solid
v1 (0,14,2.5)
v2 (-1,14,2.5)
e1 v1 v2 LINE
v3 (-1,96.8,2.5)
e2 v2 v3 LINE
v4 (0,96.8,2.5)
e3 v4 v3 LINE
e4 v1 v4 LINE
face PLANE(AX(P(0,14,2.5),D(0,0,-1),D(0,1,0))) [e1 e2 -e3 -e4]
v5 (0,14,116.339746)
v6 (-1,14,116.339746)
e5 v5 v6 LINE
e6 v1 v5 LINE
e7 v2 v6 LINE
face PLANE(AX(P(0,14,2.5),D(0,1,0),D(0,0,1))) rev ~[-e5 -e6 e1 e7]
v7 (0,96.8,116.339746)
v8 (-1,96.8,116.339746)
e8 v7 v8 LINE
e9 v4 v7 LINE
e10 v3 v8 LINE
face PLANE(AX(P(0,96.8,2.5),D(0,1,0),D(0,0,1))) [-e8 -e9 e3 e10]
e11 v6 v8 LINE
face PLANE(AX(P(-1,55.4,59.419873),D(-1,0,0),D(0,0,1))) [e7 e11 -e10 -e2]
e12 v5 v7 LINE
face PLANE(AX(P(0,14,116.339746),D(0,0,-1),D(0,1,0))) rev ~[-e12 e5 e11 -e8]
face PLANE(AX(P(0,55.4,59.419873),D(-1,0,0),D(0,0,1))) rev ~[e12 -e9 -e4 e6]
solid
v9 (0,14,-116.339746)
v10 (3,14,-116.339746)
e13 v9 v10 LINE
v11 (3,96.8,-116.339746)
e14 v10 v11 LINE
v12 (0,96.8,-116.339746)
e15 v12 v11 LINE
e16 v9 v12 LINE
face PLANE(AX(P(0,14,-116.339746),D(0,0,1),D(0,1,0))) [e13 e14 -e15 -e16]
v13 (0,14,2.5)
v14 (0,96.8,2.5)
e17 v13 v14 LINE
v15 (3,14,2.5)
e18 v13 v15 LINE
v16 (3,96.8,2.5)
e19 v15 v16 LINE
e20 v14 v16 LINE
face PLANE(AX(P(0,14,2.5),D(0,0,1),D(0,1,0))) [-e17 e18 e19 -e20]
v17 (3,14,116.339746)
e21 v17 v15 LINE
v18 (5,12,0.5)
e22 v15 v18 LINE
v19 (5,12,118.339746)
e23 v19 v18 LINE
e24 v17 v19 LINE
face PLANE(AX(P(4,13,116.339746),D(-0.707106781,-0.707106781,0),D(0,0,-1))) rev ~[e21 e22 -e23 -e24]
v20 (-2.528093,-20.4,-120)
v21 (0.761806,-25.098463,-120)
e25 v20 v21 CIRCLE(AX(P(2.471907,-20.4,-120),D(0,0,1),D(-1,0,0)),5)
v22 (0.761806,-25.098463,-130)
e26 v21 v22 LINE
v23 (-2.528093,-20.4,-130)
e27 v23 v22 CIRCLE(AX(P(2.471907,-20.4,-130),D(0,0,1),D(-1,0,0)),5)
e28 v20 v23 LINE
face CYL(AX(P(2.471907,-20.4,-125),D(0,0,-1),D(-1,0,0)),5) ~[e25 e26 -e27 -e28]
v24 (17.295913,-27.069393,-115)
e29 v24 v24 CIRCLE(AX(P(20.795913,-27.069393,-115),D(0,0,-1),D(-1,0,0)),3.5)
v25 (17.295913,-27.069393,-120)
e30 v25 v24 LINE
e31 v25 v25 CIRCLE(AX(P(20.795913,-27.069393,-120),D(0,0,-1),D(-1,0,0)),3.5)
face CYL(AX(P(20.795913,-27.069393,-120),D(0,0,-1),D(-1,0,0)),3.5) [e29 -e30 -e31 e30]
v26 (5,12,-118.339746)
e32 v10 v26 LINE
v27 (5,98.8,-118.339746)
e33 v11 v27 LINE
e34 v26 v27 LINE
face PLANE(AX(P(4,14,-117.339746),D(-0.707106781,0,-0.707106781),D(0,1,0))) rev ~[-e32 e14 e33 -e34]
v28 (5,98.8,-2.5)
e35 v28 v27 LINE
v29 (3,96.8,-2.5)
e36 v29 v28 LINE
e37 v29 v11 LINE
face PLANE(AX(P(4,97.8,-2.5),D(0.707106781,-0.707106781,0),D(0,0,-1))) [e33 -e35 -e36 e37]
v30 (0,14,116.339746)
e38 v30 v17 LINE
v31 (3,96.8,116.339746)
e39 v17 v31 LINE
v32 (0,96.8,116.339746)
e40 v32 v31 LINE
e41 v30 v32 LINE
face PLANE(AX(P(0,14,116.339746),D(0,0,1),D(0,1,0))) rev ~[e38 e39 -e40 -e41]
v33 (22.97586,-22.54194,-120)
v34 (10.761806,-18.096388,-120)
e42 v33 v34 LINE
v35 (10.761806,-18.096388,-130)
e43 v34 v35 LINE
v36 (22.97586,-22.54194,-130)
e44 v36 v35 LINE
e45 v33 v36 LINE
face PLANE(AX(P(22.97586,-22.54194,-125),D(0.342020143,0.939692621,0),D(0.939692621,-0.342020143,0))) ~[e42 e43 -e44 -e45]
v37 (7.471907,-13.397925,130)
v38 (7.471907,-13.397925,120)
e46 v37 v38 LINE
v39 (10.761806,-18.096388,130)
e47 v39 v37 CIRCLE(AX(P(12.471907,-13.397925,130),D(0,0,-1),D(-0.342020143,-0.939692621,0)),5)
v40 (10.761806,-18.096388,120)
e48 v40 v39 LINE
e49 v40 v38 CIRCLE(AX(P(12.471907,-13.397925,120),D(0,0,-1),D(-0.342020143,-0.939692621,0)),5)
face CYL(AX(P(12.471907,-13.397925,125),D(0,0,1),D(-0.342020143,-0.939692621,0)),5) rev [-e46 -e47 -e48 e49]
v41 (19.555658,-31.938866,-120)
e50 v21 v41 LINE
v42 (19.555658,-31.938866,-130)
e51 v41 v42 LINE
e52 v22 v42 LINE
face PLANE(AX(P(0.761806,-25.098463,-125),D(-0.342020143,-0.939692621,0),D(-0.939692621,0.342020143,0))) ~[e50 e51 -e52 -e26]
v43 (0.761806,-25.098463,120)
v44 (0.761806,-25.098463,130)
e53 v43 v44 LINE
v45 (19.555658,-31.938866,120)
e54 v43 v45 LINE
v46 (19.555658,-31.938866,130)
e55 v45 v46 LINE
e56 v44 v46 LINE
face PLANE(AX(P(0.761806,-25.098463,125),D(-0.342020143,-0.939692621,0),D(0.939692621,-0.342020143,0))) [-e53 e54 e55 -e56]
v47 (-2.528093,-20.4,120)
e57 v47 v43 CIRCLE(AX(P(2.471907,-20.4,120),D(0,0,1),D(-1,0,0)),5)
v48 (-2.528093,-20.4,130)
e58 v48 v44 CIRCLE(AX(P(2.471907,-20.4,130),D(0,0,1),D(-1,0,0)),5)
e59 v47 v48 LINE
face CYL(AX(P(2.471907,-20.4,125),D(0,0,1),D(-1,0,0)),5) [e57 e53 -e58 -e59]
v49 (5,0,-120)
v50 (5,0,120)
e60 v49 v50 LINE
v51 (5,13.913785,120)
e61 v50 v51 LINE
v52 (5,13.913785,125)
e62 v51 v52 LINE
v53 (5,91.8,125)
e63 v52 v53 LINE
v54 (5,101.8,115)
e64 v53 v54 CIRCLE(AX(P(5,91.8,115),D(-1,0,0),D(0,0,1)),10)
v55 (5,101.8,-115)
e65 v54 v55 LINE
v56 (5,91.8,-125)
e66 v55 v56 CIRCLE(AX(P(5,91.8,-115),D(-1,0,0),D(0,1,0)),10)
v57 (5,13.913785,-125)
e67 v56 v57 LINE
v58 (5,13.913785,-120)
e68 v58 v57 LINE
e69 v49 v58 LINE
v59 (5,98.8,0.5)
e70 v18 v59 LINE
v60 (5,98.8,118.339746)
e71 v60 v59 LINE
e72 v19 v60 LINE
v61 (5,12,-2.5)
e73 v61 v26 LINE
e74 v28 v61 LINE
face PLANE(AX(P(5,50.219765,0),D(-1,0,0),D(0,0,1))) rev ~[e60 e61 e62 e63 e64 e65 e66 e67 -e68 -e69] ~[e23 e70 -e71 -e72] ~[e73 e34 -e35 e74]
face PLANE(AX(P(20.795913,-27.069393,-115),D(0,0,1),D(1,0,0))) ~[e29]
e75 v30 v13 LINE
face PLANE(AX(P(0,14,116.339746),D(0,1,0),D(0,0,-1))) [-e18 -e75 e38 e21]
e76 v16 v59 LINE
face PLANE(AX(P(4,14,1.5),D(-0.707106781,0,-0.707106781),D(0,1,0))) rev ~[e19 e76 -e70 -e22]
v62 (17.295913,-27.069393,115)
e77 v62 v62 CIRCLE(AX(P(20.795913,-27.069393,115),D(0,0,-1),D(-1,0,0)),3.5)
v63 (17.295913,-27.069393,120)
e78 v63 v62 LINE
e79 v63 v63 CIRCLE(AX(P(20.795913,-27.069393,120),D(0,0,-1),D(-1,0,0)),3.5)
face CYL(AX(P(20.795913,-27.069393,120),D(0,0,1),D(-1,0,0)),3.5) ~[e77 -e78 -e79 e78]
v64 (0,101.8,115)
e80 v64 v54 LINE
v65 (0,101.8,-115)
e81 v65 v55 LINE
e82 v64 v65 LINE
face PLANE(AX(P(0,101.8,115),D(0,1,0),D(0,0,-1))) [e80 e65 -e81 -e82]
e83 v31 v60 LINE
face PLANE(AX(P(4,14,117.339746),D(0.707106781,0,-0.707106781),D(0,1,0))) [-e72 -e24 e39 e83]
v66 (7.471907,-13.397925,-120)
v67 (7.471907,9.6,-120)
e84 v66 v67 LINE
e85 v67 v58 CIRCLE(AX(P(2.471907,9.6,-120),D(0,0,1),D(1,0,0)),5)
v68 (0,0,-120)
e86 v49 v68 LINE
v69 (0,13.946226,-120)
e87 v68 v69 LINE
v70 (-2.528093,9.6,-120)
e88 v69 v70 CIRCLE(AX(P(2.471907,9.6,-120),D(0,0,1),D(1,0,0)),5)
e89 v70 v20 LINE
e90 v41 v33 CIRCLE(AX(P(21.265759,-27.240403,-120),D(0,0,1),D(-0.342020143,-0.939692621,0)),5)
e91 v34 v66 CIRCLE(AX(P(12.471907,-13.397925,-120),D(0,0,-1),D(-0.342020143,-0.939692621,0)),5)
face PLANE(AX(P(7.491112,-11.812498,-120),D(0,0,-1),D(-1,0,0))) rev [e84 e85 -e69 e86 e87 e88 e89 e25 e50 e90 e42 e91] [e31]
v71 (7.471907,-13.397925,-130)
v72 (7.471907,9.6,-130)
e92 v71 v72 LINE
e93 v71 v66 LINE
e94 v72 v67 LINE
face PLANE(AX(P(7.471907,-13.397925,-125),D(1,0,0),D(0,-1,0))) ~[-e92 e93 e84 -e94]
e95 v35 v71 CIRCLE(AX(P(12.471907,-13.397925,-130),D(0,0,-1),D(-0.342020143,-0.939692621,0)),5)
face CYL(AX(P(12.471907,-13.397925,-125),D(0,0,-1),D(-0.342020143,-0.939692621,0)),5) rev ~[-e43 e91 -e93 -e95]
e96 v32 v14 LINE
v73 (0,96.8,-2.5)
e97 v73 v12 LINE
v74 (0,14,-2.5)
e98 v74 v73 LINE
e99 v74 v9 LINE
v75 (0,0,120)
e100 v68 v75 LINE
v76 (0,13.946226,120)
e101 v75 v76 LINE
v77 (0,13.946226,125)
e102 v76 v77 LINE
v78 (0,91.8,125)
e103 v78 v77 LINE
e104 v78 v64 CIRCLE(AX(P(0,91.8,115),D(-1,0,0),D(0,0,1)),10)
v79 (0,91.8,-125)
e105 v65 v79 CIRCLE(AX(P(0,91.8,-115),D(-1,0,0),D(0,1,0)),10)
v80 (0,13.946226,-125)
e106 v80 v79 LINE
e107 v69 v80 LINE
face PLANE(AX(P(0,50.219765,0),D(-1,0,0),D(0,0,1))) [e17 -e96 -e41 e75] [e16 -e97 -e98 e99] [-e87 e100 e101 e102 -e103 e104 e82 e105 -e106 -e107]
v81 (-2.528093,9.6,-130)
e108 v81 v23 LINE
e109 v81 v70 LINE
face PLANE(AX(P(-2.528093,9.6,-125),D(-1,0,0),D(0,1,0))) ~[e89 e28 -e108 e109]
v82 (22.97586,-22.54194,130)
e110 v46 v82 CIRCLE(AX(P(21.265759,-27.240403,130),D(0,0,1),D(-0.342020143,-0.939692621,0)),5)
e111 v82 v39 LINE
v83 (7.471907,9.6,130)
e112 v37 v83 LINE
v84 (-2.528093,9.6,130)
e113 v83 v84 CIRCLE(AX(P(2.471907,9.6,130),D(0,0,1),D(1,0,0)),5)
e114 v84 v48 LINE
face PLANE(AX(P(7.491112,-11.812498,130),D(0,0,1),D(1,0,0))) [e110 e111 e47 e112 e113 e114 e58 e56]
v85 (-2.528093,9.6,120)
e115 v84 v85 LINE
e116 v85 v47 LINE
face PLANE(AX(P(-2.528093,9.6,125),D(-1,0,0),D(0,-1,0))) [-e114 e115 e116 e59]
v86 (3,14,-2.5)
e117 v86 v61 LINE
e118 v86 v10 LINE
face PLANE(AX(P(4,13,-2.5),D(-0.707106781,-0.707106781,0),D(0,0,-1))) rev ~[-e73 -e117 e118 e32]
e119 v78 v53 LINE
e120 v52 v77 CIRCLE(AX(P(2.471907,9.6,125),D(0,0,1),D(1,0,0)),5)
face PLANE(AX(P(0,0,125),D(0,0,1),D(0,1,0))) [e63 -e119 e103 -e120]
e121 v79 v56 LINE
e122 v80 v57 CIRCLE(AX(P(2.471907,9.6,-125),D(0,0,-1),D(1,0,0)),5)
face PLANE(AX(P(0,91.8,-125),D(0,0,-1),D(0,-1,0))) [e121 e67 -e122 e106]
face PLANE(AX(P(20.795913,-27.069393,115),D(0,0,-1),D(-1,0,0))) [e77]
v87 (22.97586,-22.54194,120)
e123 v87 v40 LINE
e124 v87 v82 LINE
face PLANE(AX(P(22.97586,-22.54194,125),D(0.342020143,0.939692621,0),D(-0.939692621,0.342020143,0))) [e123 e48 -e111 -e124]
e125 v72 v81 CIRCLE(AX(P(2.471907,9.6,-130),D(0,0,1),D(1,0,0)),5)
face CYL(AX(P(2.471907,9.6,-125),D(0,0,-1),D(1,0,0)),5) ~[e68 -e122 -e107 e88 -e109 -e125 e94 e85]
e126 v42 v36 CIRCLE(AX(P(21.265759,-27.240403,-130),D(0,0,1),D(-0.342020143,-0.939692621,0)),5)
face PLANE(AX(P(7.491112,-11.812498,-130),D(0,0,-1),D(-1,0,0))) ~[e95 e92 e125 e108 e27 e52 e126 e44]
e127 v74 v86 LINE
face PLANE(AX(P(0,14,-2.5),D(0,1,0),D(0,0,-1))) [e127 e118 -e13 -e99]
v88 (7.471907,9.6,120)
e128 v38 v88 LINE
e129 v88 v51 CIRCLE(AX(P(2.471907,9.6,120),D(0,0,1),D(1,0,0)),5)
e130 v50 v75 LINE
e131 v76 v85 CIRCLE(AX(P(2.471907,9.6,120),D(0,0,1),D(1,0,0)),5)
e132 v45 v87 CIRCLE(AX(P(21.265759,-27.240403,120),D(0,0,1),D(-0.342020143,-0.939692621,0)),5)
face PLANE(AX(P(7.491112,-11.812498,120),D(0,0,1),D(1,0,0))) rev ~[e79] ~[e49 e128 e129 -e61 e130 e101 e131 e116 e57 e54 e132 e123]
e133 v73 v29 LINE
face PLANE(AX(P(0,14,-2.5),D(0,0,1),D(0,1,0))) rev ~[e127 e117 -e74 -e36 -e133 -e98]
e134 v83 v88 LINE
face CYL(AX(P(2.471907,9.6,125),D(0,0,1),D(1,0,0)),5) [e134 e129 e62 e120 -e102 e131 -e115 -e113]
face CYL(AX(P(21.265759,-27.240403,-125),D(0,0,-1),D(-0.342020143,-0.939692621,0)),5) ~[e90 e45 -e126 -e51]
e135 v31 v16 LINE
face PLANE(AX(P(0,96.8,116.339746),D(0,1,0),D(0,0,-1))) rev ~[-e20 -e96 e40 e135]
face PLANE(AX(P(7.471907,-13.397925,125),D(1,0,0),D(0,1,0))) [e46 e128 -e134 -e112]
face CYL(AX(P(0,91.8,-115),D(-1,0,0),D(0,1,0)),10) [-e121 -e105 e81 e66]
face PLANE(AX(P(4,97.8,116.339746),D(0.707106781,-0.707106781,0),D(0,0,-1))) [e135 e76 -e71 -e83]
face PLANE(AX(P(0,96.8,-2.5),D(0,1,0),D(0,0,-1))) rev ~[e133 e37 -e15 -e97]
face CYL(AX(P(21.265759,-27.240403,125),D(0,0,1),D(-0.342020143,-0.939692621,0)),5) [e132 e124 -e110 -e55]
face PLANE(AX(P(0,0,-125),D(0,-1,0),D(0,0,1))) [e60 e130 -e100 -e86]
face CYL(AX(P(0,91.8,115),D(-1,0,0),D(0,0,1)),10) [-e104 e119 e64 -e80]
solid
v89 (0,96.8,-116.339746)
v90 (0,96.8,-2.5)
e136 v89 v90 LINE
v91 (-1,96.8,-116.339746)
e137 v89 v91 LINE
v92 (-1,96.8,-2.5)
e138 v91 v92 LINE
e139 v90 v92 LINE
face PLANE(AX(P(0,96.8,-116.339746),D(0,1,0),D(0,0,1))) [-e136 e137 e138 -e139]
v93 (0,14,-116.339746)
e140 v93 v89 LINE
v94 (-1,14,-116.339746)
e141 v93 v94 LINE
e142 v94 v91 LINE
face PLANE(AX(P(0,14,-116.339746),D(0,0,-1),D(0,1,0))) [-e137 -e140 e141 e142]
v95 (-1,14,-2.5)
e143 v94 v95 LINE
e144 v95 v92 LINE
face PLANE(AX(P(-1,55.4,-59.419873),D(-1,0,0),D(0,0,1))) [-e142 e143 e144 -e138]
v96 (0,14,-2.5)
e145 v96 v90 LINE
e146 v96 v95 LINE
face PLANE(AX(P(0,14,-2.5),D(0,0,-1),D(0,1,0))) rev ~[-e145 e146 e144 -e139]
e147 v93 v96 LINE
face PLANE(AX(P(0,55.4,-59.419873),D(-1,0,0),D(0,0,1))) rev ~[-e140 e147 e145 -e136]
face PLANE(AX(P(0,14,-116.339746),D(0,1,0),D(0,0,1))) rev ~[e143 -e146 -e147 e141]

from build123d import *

# Parameters (mm, degrees)
SKETCH1_W             = 113.839745962
SKETCH1_H             = 82.8
BOSS_EXTRUDE1_DEPTH   = 5
CHAMFER1_SIZE         = 2
BOSS_EXTRUDE2_DEPTH   = 250
BOSS_EXTRUDE5_DEPTH   = 5
SKETCH4_R             = 3.5
BOSS_EXTRUDE6_DEPTH   = 5
SKETCH8_W             = 113.839745962
SKETCH8_H             = 82.8
BOSS_EXTRUDE8_DEPTH   = 1
BOSS_EXTRUDE8_2_DEPTH = 1


with BuildPart() as part:
    # Sketch1 → Boss-Extrude1 (new body)
    with BuildSketch(Plane(origin=(0, 0, 0), x_dir=(0, 0, -1), z_dir=(1, 0, 0))):
        with BuildLine():
            Line((-115, 101.8), (115, 101.8))
            ThreePointArc((115, 101.8), (122.071067812, 98.871067812), (125, 91.8))
            Line((125, 91.8), (125, 0))
            Line((125, 0), (-125, 0))
            Line((-125, 0), (-125, 91.8))
            ThreePointArc((-125, 91.8), (-122.071067812, 98.871067812), (-115, 101.8))
        make_face()
        with Locations((59.419872981, 55.4)):
            Rectangle(SKETCH1_W, SKETCH1_H, mode=Mode.SUBTRACT)
        with Locations((-59.419872981, 55.4)):
            Rectangle(SKETCH1_W, SKETCH1_H, mode=Mode.SUBTRACT)
    extrude(amount=BOSS_EXTRUDE1_DEPTH)

    # Chamfer1
    chamfer1_edges = [part.edges().sort_by_distance(p)[0] for p in [
        (5, 55.4, 116.339745962),
        (5, 14, 59.419872981),
        (5, 55.4, 2.5),
        (5, 96.8, 59.419872981),
        (5, 55.4, -116.339745962),
        (5, 96.8, -59.419872981),
        (5, 14, -59.419872981),
    ]]
    chamfer(chamfer1_edges, length=CHAMFER1_SIZE)

    # Sketch2 → Boss-Extrude2 (add, through all)
    with BuildSketch(Plane.XY.offset(125)):
        Polygon((0, 0), (5, 0), (0, 0.881634904), align=None)
    extrude(amount=-BOSS_EXTRUDE2_DEPTH)

    # Sketch3 → Boss-Extrude5 (add, symmetric)
    with BuildSketch(Plane.XY.offset(125)):
        with BuildLine():
            Line((-2.528093442, 9.6), (-2.528093442, -20.4))
            ThreePointArc((-2.528093442, -20.4), (-1.623853664, -23.267882182), (0.761805841, -25.098463104))
            Line((0.761805841, -25.098463104), (19.555658257, -31.93886597))
            ThreePointArc((19.555658257, -31.93886597), (25.964222077, -28.950503583), (22.97585969, -22.541939763))
            Line((22.97585969, -22.541939763), (10.761805841, -18.096387722))
            ThreePointArc((10.761805841, -18.096387722), (8.376146336, -16.2658068), (7.471906558, -13.397924618))
            Line((7.471906558, -13.397924618), (7.471906558, 9.6))
            ThreePointArc((7.471906558, 9.6), (2.471906558, 14.6), (-2.528093442, 9.6))
        make_face()
    boss_extrude5 = extrude(amount=BOSS_EXTRUDE5_DEPTH, both=True)

    # Sketch4 → Boss-Extrude6 (add)
    with BuildSketch(Plane(origin=(0, 0, 120), x_dir=(-1, 0, 0), z_dir=(0, 0, -1))):
        with Locations((-20.795912663, -27.069392795)):
            Circle(SKETCH4_R)
    boss_extrude6 = extrude(amount=BOSS_EXTRUDE6_DEPTH)

    # Mirror13: Boss-Extrude5, Boss-Extrude6 across plane
    add(boss_extrude5.mirror(Plane.XY))
    add(boss_extrude6.mirror(Plane.XY))


with BuildPart() as body_2:
    # Sketch8 → Boss-Extrude8 (new body)
    with BuildSketch(Plane.ZY):
        with Locations((59.419872981, 55.4)):
            Rectangle(SKETCH8_W, SKETCH8_H)
    extrude(amount=BOSS_EXTRUDE8_DEPTH)


with BuildPart() as body_3:
    # Sketch8 → Boss-Extrude8 2 (new body)
    with BuildSketch(Plane.ZY):
        with Locations((-59.419872981, 55.4)):
            Rectangle(SKETCH8_W, SKETCH8_H)
    extrude(amount=BOSS_EXTRUDE8_2_DEPTH)


solid = Compound([part.part, body_2.part, body_3.part])
